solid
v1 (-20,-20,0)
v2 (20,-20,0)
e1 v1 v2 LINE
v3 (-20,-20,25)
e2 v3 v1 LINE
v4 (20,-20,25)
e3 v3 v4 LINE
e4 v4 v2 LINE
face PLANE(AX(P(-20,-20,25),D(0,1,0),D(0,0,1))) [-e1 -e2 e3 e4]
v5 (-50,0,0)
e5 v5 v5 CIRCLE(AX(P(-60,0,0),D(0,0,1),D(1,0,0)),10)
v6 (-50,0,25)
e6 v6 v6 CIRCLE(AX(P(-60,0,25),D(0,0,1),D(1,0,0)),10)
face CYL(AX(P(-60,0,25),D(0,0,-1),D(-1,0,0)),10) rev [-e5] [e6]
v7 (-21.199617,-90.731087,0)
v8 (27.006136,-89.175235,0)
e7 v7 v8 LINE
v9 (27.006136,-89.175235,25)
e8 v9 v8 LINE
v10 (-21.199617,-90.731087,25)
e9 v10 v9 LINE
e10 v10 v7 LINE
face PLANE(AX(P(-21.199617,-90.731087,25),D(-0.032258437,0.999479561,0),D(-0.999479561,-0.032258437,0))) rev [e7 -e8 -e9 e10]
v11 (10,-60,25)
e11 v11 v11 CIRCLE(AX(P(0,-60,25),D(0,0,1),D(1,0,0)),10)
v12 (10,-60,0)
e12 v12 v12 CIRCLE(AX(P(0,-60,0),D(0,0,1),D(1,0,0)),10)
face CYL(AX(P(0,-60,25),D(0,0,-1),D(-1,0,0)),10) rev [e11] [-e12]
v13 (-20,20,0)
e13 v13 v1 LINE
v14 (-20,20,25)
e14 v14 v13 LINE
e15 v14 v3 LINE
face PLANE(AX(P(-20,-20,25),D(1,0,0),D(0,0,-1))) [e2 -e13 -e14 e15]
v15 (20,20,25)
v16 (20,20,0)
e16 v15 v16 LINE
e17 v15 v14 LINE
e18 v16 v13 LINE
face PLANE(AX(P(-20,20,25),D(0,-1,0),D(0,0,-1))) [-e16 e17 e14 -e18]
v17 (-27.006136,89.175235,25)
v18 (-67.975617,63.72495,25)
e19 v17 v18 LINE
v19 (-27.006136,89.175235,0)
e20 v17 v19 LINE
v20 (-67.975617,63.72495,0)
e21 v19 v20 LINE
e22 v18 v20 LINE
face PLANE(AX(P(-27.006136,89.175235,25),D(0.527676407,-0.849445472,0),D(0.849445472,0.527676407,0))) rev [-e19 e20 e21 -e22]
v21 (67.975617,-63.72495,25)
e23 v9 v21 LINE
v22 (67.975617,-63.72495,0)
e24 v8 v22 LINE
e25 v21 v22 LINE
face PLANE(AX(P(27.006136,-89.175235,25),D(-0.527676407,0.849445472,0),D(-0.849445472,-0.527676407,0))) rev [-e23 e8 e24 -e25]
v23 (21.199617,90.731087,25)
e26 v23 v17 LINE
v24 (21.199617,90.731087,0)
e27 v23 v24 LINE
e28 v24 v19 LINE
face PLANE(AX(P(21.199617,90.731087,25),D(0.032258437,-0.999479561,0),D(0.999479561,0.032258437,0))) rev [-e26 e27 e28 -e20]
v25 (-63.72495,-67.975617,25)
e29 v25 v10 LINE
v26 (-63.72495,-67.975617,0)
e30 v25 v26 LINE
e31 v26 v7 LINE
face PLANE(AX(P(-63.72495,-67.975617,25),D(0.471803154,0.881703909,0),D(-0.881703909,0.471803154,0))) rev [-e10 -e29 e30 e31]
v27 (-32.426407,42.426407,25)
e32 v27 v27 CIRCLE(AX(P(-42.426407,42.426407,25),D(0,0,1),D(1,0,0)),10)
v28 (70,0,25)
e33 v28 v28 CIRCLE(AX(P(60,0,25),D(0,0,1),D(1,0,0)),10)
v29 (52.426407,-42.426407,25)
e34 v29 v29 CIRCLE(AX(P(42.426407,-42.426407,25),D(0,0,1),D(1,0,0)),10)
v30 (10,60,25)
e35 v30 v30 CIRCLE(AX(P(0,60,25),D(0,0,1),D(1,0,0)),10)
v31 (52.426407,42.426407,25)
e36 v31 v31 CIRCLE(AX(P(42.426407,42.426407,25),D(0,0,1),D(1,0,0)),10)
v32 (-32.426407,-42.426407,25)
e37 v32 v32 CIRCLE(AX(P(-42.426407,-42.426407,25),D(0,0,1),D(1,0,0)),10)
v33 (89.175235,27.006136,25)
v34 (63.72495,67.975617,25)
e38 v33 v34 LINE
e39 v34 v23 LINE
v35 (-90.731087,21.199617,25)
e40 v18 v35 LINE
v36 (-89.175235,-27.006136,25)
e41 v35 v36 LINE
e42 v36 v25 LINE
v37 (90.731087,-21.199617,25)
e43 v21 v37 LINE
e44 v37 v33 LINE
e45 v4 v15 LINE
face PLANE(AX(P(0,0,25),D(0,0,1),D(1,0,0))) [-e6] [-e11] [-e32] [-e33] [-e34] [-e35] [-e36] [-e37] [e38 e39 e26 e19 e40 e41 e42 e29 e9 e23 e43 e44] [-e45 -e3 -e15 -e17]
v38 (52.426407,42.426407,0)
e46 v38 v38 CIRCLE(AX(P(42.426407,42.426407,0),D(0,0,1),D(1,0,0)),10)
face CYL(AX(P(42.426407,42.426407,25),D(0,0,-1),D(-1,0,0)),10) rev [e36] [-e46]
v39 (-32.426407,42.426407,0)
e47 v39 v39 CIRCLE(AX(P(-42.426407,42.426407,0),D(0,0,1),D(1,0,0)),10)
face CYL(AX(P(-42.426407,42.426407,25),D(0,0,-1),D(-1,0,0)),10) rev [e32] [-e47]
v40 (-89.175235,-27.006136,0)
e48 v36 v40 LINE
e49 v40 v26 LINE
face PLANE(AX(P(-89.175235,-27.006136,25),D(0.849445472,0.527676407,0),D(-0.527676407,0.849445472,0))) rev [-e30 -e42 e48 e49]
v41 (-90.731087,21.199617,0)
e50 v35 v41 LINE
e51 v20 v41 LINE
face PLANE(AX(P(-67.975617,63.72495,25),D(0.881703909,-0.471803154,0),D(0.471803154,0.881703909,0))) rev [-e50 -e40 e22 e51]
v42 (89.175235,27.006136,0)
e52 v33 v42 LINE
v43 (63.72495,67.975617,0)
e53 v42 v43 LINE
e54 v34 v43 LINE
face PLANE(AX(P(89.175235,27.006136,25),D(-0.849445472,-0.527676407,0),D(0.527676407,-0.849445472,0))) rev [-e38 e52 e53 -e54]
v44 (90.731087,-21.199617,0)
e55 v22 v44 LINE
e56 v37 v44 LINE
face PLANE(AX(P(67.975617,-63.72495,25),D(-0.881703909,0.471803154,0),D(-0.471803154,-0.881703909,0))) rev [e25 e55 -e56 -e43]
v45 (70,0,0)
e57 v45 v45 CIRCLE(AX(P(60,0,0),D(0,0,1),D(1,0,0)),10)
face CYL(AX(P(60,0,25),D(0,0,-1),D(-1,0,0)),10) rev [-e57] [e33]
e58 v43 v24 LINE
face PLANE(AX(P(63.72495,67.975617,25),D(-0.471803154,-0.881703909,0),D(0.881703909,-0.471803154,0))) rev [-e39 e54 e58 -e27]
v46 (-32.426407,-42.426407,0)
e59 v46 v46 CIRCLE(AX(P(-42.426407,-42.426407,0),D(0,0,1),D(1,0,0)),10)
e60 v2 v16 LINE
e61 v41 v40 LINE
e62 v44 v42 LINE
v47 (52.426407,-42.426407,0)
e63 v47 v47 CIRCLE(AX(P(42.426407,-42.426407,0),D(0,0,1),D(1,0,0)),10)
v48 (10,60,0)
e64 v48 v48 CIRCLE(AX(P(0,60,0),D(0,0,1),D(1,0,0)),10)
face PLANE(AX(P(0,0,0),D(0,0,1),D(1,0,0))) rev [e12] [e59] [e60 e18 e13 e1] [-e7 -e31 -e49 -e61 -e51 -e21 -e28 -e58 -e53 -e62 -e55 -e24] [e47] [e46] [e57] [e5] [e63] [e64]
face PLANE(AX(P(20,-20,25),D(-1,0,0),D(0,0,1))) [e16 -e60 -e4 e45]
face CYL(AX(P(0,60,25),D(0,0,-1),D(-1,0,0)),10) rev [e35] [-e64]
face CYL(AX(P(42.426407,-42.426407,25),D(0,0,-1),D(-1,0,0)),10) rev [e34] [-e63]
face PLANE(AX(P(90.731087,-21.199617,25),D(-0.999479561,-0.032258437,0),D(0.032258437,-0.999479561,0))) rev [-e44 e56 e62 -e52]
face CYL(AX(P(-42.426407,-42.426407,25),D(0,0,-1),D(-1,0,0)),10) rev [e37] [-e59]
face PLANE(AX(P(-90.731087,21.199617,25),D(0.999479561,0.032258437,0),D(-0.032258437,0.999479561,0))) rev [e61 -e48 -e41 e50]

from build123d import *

# Parameters (mm, degrees)
SKETCH3_R           = 10
SKETCH3_W           = 40
SKETCH3_H           = 40
BOSS_EXTRUDE1_DEPTH = 25


with BuildPart() as part:
    # Sketch3 → Boss-Extrude1 (new body)
    with BuildSketch(Plane.XY):
        Polygon((21.199617339, 90.731086511), (-27.006136089, 89.175234501), (-67.975617162, 63.724950422), (-90.731086511, 21.199617339), (-89.175234501, -27.006136089), (-63.724950422, -67.975617162), (-21.199617339, -90.731086511), (27.006136089, -89.175234501), (67.975617162, -63.724950422), (90.731086511, -21.199617339), (89.175234501, 27.006136089), (63.724950422, 67.975617162), align=None)
        with Locations((0, 60)):
            Circle(SKETCH3_R, mode=Mode.SUBTRACT)
        with Locations((42.426406871, 42.426406871)):
            Circle(SKETCH3_R, mode=Mode.SUBTRACT)
        with Locations((60, 0)):
            Circle(SKETCH3_R, mode=Mode.SUBTRACT)
        with Locations((42.426406871, -42.426406871)):
            Circle(SKETCH3_R, mode=Mode.SUBTRACT)
        with Locations((0, -60)):
            Circle(SKETCH3_R, mode=Mode.SUBTRACT)
        with Locations((-42.426406871, -42.426406871)):
            Circle(SKETCH3_R, mode=Mode.SUBTRACT)
        with Locations((-60, 0)):
            Circle(SKETCH3_R, mode=Mode.SUBTRACT)
        with Locations((-42.426406871, 42.426406871)):
            Circle(SKETCH3_R, mode=Mode.SUBTRACT)
        Rectangle(SKETCH3_W, SKETCH3_H, mode=Mode.SUBTRACT)
    extrude(amount=BOSS_EXTRUDE1_DEPTH)


solid = part.part
